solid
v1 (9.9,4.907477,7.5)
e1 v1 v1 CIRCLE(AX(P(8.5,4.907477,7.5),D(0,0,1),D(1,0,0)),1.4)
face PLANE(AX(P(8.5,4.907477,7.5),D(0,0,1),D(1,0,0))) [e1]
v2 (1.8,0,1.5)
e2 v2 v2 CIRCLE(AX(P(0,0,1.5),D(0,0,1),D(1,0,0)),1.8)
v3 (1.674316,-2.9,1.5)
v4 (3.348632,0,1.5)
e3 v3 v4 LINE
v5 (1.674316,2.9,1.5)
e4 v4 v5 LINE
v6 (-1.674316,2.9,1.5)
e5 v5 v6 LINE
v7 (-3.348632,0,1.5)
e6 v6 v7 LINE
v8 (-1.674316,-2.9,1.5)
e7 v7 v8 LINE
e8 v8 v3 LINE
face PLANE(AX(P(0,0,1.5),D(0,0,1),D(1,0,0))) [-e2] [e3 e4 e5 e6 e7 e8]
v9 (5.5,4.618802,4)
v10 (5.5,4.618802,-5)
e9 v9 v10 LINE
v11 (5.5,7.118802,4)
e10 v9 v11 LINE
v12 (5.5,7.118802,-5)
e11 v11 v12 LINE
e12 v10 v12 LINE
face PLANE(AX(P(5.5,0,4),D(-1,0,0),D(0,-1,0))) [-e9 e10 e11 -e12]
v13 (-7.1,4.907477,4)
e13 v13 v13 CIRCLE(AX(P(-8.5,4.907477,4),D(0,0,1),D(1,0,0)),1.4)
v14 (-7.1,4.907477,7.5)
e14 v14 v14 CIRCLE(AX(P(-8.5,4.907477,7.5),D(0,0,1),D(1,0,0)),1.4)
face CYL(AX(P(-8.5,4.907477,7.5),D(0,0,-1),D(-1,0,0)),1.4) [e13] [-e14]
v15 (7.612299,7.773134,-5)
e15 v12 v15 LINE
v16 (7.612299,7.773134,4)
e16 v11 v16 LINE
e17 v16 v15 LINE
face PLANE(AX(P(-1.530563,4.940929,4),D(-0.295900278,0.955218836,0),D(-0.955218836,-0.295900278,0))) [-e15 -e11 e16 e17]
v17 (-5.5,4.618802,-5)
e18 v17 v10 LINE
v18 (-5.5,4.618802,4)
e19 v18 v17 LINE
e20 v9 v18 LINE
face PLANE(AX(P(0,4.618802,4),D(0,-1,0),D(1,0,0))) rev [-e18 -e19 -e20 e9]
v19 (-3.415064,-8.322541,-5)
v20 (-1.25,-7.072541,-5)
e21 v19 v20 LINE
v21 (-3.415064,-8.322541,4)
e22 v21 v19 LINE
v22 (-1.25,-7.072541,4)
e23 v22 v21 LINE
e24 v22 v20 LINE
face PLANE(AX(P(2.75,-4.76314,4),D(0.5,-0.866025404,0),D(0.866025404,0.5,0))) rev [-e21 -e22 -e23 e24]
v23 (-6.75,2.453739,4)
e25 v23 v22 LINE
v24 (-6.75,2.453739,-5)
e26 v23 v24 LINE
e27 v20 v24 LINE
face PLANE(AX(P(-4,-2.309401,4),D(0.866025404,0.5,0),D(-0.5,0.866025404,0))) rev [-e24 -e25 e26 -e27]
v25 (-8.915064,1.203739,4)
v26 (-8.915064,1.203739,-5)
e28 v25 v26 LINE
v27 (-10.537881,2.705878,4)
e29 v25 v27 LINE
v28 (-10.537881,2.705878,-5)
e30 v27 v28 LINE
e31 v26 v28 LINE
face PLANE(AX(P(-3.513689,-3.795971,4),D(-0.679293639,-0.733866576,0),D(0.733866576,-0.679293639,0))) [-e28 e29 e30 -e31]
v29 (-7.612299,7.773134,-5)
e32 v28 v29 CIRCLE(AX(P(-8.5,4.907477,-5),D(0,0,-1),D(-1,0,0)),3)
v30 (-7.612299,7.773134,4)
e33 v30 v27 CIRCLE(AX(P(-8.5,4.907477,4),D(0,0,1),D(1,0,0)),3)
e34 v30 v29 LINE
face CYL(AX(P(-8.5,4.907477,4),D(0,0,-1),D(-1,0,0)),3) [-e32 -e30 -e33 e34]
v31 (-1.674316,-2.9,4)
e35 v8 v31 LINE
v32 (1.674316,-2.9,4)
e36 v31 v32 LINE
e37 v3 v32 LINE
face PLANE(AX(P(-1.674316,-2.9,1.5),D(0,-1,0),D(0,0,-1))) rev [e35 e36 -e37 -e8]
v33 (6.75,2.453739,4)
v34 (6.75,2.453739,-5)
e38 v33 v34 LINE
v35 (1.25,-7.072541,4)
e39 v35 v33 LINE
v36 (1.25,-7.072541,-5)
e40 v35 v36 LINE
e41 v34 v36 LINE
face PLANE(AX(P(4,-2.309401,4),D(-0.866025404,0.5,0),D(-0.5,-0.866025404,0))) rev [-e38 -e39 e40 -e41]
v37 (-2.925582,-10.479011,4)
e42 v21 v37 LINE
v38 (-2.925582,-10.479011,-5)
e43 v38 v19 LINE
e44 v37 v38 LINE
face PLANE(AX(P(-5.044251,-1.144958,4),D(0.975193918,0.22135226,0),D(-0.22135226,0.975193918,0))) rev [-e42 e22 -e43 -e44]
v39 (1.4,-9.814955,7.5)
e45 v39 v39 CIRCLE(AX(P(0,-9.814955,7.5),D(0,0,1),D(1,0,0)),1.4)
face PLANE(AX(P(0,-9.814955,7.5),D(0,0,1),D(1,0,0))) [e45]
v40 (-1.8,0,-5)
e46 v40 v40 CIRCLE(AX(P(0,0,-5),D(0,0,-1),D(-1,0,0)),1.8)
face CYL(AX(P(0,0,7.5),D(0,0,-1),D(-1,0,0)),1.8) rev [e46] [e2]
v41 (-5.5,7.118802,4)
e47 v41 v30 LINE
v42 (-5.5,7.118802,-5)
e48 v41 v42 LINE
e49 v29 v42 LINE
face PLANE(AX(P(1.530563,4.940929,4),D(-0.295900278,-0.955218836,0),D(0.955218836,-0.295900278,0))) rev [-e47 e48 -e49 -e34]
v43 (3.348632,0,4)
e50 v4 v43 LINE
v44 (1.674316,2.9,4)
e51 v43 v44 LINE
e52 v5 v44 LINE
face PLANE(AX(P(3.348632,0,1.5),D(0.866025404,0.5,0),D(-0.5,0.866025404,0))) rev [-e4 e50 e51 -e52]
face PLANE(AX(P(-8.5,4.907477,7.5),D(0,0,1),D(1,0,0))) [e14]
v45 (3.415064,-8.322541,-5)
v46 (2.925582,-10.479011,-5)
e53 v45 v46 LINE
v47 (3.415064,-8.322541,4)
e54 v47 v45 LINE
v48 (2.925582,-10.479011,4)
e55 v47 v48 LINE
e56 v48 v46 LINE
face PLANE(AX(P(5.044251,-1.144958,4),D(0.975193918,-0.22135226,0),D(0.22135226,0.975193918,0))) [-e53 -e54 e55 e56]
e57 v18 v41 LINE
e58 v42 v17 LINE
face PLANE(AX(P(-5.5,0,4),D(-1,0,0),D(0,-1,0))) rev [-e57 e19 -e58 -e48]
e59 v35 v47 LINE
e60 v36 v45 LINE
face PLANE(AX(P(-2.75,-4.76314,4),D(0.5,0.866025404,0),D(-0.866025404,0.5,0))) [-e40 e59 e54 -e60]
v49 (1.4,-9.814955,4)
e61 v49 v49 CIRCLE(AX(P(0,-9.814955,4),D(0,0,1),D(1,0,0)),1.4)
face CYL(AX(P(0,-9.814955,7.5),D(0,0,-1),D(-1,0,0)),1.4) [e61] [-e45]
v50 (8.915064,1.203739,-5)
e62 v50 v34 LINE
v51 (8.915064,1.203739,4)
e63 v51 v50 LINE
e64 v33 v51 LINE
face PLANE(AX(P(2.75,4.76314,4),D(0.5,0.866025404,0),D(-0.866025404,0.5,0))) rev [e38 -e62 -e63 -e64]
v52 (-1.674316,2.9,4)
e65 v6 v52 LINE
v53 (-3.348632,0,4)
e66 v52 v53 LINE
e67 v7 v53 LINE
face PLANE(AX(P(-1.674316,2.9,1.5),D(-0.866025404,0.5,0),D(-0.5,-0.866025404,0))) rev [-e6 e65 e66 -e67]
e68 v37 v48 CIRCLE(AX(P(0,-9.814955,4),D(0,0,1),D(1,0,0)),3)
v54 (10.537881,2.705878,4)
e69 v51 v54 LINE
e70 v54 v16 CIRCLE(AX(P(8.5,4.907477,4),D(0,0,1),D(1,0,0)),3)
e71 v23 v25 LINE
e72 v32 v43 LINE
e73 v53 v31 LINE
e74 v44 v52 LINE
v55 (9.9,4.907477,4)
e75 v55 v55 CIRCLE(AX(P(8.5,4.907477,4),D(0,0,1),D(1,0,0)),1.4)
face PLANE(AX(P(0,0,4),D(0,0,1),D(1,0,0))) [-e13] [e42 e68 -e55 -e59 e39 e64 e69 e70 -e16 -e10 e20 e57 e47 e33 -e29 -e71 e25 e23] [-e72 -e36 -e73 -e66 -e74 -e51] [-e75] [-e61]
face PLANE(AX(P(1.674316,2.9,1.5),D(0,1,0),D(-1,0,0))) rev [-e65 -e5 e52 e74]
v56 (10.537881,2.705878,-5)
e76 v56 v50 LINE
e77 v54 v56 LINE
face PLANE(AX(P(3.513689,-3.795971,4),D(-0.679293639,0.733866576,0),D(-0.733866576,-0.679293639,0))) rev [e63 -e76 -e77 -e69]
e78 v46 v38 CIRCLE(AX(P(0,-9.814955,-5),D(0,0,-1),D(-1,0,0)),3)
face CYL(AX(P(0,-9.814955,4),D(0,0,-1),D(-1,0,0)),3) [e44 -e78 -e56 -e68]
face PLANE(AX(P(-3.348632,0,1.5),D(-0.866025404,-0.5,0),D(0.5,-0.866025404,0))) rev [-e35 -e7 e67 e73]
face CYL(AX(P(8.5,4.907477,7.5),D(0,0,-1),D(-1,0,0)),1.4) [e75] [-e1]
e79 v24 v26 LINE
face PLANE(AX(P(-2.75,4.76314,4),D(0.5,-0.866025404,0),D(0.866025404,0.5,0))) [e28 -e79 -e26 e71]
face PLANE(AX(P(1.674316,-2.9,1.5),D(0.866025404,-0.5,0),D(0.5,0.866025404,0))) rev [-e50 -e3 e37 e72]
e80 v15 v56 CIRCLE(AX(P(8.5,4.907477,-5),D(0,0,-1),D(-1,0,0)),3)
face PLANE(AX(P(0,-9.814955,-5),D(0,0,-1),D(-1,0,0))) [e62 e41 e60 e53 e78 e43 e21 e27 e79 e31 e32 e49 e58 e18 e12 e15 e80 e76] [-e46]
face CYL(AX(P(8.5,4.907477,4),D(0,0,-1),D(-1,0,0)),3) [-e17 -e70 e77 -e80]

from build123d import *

# Parameters (mm, degrees)
EXTRUDE_1_DEPTH     = 4
SKETCH_2_R          = 1.4
EXTRUDE_2_DEPTH     = 3.5
CUT_EXTRUDE_1_DEPTH = 2.5
SKETCH_6_R          = 1.8
CUT_EXTRUDE_2_DEPTH = 8.5
SKETCH_7_R          = 1.8
EXTRUDE_3_DEPTH     = 5


with BuildPart() as part:
    # ｽｹｯﾁ1 → ﾎﾞｽ - 押し出し1 (new body)
    with BuildSketch(Plane.XY):
        with BuildLine():
            Line((-6.75, 2.453738644), (-8.915063509, 1.203738644))
            Line((-8.915063509, 1.203738644), (-10.537880917, 2.705877559))
            ThreePointArc((-10.537880917, 2.705877559), (-11.098076211, 6.407477288), (-7.612299165, 7.773133797))
            Line((-7.612299165, 7.773133797), (-5.5, 7.118802154))
            Line((-5.5, 7.118802154), (-5.5, 4.618802154))
            Line((-5.5, 4.618802154), (5.5, 4.618802154))
            Line((5.5, 4.618802154), (5.5, 7.118802154))
            Line((5.5, 7.118802154), (7.612299165, 7.773133797))
            ThreePointArc((7.612299165, 7.773133797), (11.098076211, 6.407477288), (10.537880917, 2.705877559))
            Line((10.537880917, 2.705877559), (8.915063509, 1.203738644))
            Line((8.915063509, 1.203738644), (6.75, 2.453738644))
            Line((6.75, 2.453738644), (1.25, -7.072540798))
            Line((1.25, -7.072540798), (3.415063509, -8.322540798))
            Line((3.415063509, -8.322540798), (2.925581753, -10.479011356))
            ThreePointArc((2.925581753, -10.479011356), (0, -12.814954576), (-2.925581753, -10.479011356))
            Line((-2.925581753, -10.479011356), (-3.415063509, -8.322540798))
            Line((-3.415063509, -8.322540798), (-1.25, -7.072540798))
            Line((-1.25, -7.072540798), (-6.75, 2.453738644))
        make_face()
    extrude(amount=EXTRUDE_1_DEPTH)

    # ｽｹｯﾁ2 → ﾎﾞｽ - 押し出し2 (add)
    with BuildSketch(Plane.XY.offset(4)):
        with Locations((-8.5, 4.907477288)):
            Circle(SKETCH_2_R)
        with Locations((0, -9.814954576)):
            Circle(SKETCH_2_R)
        with Locations((8.5, 4.907477288)):
            Circle(SKETCH_2_R)
    extrude(amount=EXTRUDE_2_DEPTH)

    # ｽｹｯﾁ4 → ｶｯﾄ - 押し出し1 (cut)
    with BuildSketch(Plane.XY.offset(4)):
        Polygon((-1.674315781, -2.9), (1.674315781, -2.9), (3.348631561, 0), (1.674315781, 2.9), (-1.674315781, 2.9), (-3.348631561, 0), align=None)
    extrude(amount=-CUT_EXTRUDE_1_DEPTH, mode=Mode.SUBTRACT)

    # ｽｹｯﾁ6 → ｶｯﾄ - 押し出し2 (cut, through all)
    with BuildSketch(Plane(origin=(0, 0, 0), x_dir=(-1, 0, 0), z_dir=(0, 0, -1))):
        Circle(SKETCH_6_R)
    extrude(amount=-CUT_EXTRUDE_2_DEPTH, mode=Mode.SUBTRACT)

    # ｽｹｯﾁ7 → ﾎﾞｽ - 押し出し3 (add)
    with BuildSketch(Plane(origin=(0, 0, 0), x_dir=(-1, 0, 0), z_dir=(0, 0, -1))):
        with BuildLine():
            Line((-8.915063509, 1.203738644), (-6.75, 2.453738644))
            Line((-6.75, 2.453738644), (-1.25, -7.072540798))
            Line((-1.25, -7.072540798), (-3.415063509, -8.322540798))
            Line((-3.415063509, -8.322540798), (-2.925581753, -10.479011356))
            ThreePointArc((-2.925581753, -10.479011356), (0, -12.814954576), (2.925581753, -10.479011356))
            Line((2.925581753, -10.479011356), (3.415063509, -8.322540798))
            Line((3.415063509, -8.322540798), (1.25, -7.072540798))
            Line((1.25, -7.072540798), (6.75, 2.453738644))
            Line((6.75, 2.453738644), (8.915063509, 1.203738644))
            Line((8.915063509, 1.203738644), (10.537880917, 2.705877559))
            ThreePointArc((10.537880917, 2.705877559), (11.098076211, 6.407477288), (7.612299165, 7.773133797))
            Line((7.612299165, 7.773133797), (5.5, 7.118802154))
            Line((5.5, 7.118802154), (5.5, 4.618802154))
            Line((5.5, 4.618802154), (-5.5, 4.618802154))
            Line((-5.5, 4.618802154), (-5.5, 7.118802154))
            Line((-5.5, 7.118802154), (-7.612299165, 7.773133797))
            ThreePointArc((-7.612299165, 7.773133797), (-11.098076211, 6.407477288), (-10.537880917, 2.705877559))
            Line((-10.537880917, 2.705877559), (-8.915063509, 1.203738644))
        make_face()
        Circle(SKETCH_7_R, mode=Mode.SUBTRACT)
    extrude(amount=EXTRUDE_3_DEPTH)


solid = part.part
